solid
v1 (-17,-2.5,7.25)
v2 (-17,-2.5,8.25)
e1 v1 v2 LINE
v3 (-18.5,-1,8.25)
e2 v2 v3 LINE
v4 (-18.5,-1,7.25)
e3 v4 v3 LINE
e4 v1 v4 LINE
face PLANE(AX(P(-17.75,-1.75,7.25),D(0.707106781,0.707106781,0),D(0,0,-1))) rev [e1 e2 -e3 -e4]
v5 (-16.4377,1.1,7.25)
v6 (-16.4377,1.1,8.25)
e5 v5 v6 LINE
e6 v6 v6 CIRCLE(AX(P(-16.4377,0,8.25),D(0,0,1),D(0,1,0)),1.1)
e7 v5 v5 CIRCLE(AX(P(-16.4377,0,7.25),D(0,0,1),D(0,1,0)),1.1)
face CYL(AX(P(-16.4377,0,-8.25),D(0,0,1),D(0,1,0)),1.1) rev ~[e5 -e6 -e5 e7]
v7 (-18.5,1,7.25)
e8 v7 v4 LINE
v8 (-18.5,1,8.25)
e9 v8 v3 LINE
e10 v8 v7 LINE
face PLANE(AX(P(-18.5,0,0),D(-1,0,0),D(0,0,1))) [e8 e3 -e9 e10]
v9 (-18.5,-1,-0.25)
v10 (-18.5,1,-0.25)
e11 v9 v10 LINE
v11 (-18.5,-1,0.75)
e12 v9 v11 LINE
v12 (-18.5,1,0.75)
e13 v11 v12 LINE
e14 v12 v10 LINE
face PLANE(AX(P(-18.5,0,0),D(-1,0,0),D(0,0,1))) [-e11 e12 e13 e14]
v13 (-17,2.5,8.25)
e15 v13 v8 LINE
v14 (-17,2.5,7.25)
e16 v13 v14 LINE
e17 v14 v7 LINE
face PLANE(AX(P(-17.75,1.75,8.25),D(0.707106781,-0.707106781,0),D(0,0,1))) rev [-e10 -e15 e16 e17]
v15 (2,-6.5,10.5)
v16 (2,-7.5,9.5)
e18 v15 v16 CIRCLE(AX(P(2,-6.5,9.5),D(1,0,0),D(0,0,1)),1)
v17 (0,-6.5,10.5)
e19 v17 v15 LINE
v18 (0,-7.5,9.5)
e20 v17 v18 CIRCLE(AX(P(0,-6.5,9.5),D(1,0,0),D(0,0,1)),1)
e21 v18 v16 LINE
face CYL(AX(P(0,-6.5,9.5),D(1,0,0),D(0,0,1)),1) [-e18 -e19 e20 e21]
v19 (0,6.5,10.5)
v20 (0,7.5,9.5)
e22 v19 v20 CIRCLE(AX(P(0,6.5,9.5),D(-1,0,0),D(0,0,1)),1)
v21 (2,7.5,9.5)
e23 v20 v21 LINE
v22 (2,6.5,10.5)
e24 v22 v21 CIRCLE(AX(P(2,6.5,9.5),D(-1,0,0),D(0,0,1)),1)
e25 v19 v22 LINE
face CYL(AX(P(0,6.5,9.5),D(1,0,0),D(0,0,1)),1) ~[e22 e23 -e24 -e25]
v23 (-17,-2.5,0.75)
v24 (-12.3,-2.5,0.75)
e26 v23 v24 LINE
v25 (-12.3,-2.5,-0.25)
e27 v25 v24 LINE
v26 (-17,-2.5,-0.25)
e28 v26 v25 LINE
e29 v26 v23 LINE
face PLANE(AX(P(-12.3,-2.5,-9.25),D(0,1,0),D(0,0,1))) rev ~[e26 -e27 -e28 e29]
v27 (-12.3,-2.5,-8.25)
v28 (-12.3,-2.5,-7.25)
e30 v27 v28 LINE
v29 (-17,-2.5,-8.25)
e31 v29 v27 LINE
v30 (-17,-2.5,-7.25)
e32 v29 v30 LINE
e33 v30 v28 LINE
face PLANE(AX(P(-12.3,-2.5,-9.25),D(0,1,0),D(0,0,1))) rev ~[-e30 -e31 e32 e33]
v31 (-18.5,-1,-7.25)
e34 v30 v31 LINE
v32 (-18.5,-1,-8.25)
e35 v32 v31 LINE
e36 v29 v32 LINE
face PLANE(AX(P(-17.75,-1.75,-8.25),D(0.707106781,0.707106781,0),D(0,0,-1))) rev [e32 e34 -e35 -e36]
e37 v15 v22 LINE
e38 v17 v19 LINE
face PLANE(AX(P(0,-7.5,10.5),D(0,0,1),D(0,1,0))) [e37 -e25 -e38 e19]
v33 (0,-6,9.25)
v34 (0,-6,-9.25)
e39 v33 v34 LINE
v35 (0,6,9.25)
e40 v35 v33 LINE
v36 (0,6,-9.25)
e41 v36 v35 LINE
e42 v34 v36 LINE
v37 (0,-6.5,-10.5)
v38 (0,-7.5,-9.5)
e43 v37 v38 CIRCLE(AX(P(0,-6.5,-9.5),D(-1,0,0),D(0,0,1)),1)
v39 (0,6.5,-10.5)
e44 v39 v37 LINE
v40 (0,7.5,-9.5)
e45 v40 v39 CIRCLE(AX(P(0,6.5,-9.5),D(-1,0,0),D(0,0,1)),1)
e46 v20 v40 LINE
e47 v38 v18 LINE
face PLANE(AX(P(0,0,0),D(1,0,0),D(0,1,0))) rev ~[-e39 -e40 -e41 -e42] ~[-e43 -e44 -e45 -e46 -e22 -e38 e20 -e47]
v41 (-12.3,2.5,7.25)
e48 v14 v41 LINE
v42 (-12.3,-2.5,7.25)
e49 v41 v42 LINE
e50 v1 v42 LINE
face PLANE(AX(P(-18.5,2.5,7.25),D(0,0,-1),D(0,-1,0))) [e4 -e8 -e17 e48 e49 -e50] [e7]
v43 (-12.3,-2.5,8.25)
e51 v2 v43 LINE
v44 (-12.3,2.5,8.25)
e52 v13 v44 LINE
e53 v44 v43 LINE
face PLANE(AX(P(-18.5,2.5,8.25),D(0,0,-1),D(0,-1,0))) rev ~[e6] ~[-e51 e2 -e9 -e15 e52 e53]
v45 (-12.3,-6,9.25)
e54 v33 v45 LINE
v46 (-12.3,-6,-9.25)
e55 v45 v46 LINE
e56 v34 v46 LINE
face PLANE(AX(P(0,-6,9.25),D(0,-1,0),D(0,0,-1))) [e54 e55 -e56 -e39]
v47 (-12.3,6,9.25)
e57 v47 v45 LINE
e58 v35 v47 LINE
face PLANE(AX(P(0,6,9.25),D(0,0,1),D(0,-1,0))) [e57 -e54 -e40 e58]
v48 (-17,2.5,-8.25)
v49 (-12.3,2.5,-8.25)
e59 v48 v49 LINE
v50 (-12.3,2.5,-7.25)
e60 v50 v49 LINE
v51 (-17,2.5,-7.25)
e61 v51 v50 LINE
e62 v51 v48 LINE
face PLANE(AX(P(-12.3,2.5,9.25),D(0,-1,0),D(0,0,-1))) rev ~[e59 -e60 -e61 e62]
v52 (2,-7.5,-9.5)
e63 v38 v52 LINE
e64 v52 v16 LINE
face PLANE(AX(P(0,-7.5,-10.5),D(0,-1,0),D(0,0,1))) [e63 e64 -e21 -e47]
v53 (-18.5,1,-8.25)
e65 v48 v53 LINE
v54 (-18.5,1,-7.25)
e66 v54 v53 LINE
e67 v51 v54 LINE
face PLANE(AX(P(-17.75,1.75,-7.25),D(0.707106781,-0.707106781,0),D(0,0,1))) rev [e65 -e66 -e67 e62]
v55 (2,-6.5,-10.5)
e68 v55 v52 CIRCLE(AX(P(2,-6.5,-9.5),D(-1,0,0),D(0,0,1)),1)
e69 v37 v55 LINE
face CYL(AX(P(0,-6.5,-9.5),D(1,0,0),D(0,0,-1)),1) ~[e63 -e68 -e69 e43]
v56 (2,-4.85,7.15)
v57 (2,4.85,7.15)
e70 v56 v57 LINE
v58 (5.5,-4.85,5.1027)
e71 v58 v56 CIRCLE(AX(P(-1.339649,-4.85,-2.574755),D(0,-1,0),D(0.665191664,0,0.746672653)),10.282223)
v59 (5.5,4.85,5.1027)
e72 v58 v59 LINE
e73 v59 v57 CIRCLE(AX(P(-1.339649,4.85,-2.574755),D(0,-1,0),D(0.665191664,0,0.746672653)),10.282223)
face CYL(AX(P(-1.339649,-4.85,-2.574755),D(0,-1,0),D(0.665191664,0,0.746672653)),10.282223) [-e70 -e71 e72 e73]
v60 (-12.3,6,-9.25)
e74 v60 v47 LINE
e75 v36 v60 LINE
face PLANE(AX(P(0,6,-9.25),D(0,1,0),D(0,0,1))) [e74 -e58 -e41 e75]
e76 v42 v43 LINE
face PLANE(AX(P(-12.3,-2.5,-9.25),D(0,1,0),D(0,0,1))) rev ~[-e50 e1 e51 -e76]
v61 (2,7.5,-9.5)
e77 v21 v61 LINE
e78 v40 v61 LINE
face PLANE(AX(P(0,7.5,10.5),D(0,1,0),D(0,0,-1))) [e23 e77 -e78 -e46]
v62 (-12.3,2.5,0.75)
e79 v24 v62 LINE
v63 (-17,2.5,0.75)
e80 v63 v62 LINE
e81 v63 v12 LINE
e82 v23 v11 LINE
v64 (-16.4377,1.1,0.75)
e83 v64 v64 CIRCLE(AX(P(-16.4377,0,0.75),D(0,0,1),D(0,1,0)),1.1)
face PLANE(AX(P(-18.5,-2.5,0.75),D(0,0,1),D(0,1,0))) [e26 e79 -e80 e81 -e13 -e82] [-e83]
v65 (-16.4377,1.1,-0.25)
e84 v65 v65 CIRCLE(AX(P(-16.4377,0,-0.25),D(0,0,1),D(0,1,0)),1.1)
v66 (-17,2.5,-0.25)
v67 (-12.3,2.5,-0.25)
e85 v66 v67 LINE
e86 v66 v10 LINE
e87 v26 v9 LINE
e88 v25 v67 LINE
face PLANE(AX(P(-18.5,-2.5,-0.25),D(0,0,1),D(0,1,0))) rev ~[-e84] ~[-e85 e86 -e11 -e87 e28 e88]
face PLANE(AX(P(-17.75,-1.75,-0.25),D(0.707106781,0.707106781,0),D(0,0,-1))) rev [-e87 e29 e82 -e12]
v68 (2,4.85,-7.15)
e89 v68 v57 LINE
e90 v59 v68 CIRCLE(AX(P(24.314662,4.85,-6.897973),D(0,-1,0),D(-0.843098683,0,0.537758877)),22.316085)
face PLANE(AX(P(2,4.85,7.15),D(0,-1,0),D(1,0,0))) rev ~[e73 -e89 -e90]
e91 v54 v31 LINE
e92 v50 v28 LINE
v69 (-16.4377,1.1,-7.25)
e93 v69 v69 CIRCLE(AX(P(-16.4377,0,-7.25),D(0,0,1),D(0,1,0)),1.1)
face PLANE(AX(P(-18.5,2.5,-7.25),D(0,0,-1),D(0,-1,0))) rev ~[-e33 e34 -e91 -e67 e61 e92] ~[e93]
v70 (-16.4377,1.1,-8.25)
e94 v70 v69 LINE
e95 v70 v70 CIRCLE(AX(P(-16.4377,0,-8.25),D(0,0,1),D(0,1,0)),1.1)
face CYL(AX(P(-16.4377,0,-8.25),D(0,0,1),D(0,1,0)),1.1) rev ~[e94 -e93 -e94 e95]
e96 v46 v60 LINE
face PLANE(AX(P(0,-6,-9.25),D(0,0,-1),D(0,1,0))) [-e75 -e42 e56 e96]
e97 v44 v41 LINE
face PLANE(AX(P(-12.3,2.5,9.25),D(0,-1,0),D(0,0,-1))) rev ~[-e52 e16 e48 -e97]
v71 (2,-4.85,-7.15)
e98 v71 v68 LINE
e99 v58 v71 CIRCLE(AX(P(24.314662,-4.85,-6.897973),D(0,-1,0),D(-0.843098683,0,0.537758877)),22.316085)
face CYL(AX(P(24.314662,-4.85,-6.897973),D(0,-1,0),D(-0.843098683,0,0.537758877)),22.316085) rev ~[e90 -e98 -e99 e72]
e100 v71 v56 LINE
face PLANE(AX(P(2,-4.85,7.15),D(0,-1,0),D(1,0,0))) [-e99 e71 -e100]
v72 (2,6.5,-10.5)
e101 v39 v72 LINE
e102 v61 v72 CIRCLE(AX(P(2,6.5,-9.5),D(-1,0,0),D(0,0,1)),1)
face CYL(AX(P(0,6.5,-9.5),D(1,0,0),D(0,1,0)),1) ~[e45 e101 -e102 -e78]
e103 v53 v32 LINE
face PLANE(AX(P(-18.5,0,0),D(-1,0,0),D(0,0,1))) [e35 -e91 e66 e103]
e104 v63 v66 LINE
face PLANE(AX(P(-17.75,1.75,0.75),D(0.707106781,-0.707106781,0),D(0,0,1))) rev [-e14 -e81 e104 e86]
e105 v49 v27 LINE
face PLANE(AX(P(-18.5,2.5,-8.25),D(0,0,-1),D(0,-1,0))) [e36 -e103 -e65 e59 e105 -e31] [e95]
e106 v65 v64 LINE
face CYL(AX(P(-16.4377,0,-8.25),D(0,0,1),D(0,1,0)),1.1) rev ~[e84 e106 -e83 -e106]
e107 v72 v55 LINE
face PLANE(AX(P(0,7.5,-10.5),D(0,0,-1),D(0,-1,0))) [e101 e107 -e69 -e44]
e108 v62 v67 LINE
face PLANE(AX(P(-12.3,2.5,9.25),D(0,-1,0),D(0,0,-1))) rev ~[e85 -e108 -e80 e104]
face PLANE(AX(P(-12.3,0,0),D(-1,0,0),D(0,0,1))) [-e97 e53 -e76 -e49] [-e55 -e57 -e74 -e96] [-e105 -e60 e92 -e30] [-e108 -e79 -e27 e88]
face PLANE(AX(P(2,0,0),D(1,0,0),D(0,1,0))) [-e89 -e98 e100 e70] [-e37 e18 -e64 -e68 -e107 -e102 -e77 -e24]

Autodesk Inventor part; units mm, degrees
ref_plane "YZ Plane" through (0, 0, 0) normal (1, 0, 0) x (0, 1, 0)
ref_plane "XZ Plane" through (0, 0, 0) normal (0, 1, 0) x (-1, 0, 0)
ref_plane "XY Plane" through (0, 0, 0) normal (0, 0, 1) x (1, 0, 0)
sketch "Sketch1" plane through (0, 0, 0) normal (1, 0, 0) x (0, 1, 0)
  line L0 (-7.5, 10.5) -> (7.5, 10.5)
  line L1 (7.5, 10.5) -> (7.5, -10.5)
  line L2 (7.5, -10.5) -> (-7.5, -10.5)
  line L3 (-7.5, -10.5) -> (-7.5, 10.5)
  point P0 (0, 0)
  dimension "d0" = 21
  dimension "d1" = 15
  dimension "d2" = 7.5
  dimension "d3" = 10.5
extrude "Extrusion1" add sketch "Sketch1" along normal blind 2
fillet "Fillet1" radius 1 4 edges at (1, -7.5, -10.5) (1, 7.5, -10.5) (1, 7.5, 10.5) (1, -7.5, 10.5)
sketch "Sketch2" plane through (2, 0, 0) normal (1, 0, 0) x (0, 0, -1)
  line L0 (-7.15, 4.85) -> (7.15, 4.85)
  line L1 (7.15, 4.85) -> (7.15, -4.85)
  line L2 (7.15, -4.85) -> (-7.15, -4.85)
  line L3 (-7.15, -4.85) -> (-7.15, 4.85)
  point P0 (0, 0)
  dimension "d7" = 4.85
  dimension "d8" = 9.7
  dimension "d9" = 14.3
  dimension "d10" = 7.15
ref_plane "Work Plane1" through (2, -4.85, 7.15) normal (0, -1, 0) x (1, 0, 0)
sketch "Sketch3" plane through (2, -4.85, 7.15) normal (0, -1, 0) x (1, 0, 0)
  arc A0 (3.5, -2.0473) -> (0, 0) centre (-3.3399, -9.7251) ccw
  line L0 (0, -16.65) -> (0, 2.35) projected
  arc A1 (3.5, -2.0473) -> (0, -14.3) centre (22.3145, -14.0479) ccw
  point P0 (-2, -7.15)
  point P1 (0, -13.7959)
  dimension "d11" = 3.5
extrude "Extrusion2" add sketch "Sketch3" against normal blind 9.7
sketch "Sketch4" plane through (0, 0, 0) normal (-1, 0, 0) x (0, 0, 1)
  line L0 (9.25, -6) -> (-9.25, -6)
  line L1 (-9.25, -6) -> (-9.25, 6)
  line L2 (-9.25, 6) -> (9.25, 6)
  line L3 (9.25, 6) -> (9.25, -6)
  line L4 (9.5, -7.5) -> (-9.5, -7.5) projected
  line L5 (10.5, 6.5) -> (10.5, -6.5) projected
  point P0 (0, 0)
  dimension "d14" = 18.5
  dimension "d15" = 12
  dimension "d16" = 1.5
  dimension "d17" = 1.25
extrude "Extrusion3" add sketch "Sketch4" along normal blind 12.3
sketch "Sketch5" plane through (-12.3, 0, 0) normal (-1, 0, 0) x (0, 0, 1)
  line L0 (9.25, -6) -> (9.25, 6) projected
  line L1 (-9.25, -6) -> (-9.25, 6) projected
  line L2 (9.25, 2.5) -> (-9.25, 2.5)
  line L3 (-9.25, 2.5) -> (-9.25, -2.5)
  line L4 (-9.25, -2.5) -> (9.25, -2.5)
  line L5 (9.25, -2.5) -> (9.25, 2.5)
  line L6 (9.25, 6) -> (-9.25, 6) projected
  point P0 (0, 0)
  point P1 (9.25, -2.5)
  point P2 (-9.25, 2.5)
  dimension "d20" = 5
  dimension "d21" = 3.5
extrude "Extrusion4" add sketch "Sketch5" along normal blind 6.2 contours L4 L1 L2 L0
sketch "Sketch6" plane through (-18.5, 0, 0) normal (-1, 0, 0) x (0, 0, 1)
  line L0 (9.25, 2.5) -> (-9.25, 2.5) projected
  line L1 (-9.25, 2.5) -> (-9.25, -2.5) projected
  line L2 (-9.25, -2.5) -> (9.25, -2.5) projected
  line L3 (9.25, -2.5) -> (9.25, 2.5) projected
  line L4 (9.25, 2.5) -> (8.25, 2.5)
  line L5 (8.25, 2.5) -> (8.25, -2.5)
  line L6 (8.25, -2.5) -> (9.25, -2.5)
  line L7 (9.25, -2.5) -> (9.25, 2.5)
  line L8 (7.25, -2.5) -> (0.75, -2.5)
  line L9 (0.75, -2.5) -> (0.75, 2.5)
  line L10 (0.75, 2.5) -> (7.25, 2.5)
  line L11 (7.25, 2.5) -> (7.25, -2.5)
  line L12 (-9.25, 2.5) -> (9.25, 2.5) projected
  line L13 (-7.25, -2.5) -> (-0.25, -2.5)
  line L14 (-0.25, -2.5) -> (-0.25, 2.5)
  line L15 (-0.25, 2.5) -> (-7.25, 2.5)
  line L16 (-7.25, 2.5) -> (-7.25, -2.5)
  line L17 (9.25, -2.5) -> (-9.25, -2.5) projected
  line L18 (-9.25, 2.5) -> (-8.25, 2.5)
  line L19 (-8.25, 2.5) -> (-8.25, -2.5)
  line L20 (-8.25, -2.5) -> (-9.25, -2.5)
  line L21 (-9.25, -2.5) -> (-9.25, 2.5)
  point P0 (0, 0)
  point P1 (-8.25, -2.5)
  point P2 (-0.25, -2.5)
  point P3 (7.25, 2.5)
  dimension "d24" = 1
  dimension "d25" = 1
  dimension "d26" = 1
  dimension "d27" = 1
  dimension "d28" = 1
  dimension "d29" = 6.5
extrude "Extrusion5" cut sketch "Sketch6" against normal blind 6.2 contours L3 L2 L5 L0 | L11 L2 L9 L0 | L14 L2 L16 L0 | L19 L2 L1 L0
chamfer "Chamfer1" distance 1.5 angle 45 6 edges at (-18.5, 2.5, -7.75) (-18.5, -2.5, -7.75) (-18.5, -2.5, 0.25) (-18.5, 2.5, 0.25) (-18.5, -2.5, 7.75) (-18.5, 2.5, 7.75)
sketch "Sketch7" plane through (-12.3, -2.5, -8.25) normal (0, 0, -1) x (-1, 0, 0)
  line L0 (6.2, 1.5) -> (4.7, 0) projected
  line L1 (6.2, 3.5) -> (6.2, 1.5) projected
  line L2 (4.7, 5) -> (6.2, 3.5) projected
  line L3 (0, 5) -> (4.7, 5) projected
  line L4 (0, 5) -> (0, 0) projected
  line L5 (4.7, 0) -> (0, 0) projected
  point P0 (-12.3, 2.5)
  point P1 (5.2, 2.5)
  point P2 (4.1377, 2.5)
hole "Hole1" at (-16.4377, 0, -8.25) direction (0, 0, 1) diameter 2.2 end through all
sketch "Sketch8" plane through (0, 0, 0) normal (-1, 0, 0) x (0, 0, 1)
  line L0 (-9.7, -6.55) -> (9.7, -6.55)
  line L1 (9.7, -6.55) -> (9.7, 6.55)
  line L2 (9.7, 6.55) -> (-9.7, 6.55)
  line L3 (-9.7, 6.55) -> (-9.7, -6.55)
  line L4 (-9.7, -6.55) -> (9.7, 6.55) construction
  line L5 (9.7, -6.55) -> (-9.7, 6.55) construction
  point P0 (0, 0)
  dimension "d42" = 19.4
  dimension "d43" = 13.1
properties part number "Rocker Switch" material "ABS Plastic"
